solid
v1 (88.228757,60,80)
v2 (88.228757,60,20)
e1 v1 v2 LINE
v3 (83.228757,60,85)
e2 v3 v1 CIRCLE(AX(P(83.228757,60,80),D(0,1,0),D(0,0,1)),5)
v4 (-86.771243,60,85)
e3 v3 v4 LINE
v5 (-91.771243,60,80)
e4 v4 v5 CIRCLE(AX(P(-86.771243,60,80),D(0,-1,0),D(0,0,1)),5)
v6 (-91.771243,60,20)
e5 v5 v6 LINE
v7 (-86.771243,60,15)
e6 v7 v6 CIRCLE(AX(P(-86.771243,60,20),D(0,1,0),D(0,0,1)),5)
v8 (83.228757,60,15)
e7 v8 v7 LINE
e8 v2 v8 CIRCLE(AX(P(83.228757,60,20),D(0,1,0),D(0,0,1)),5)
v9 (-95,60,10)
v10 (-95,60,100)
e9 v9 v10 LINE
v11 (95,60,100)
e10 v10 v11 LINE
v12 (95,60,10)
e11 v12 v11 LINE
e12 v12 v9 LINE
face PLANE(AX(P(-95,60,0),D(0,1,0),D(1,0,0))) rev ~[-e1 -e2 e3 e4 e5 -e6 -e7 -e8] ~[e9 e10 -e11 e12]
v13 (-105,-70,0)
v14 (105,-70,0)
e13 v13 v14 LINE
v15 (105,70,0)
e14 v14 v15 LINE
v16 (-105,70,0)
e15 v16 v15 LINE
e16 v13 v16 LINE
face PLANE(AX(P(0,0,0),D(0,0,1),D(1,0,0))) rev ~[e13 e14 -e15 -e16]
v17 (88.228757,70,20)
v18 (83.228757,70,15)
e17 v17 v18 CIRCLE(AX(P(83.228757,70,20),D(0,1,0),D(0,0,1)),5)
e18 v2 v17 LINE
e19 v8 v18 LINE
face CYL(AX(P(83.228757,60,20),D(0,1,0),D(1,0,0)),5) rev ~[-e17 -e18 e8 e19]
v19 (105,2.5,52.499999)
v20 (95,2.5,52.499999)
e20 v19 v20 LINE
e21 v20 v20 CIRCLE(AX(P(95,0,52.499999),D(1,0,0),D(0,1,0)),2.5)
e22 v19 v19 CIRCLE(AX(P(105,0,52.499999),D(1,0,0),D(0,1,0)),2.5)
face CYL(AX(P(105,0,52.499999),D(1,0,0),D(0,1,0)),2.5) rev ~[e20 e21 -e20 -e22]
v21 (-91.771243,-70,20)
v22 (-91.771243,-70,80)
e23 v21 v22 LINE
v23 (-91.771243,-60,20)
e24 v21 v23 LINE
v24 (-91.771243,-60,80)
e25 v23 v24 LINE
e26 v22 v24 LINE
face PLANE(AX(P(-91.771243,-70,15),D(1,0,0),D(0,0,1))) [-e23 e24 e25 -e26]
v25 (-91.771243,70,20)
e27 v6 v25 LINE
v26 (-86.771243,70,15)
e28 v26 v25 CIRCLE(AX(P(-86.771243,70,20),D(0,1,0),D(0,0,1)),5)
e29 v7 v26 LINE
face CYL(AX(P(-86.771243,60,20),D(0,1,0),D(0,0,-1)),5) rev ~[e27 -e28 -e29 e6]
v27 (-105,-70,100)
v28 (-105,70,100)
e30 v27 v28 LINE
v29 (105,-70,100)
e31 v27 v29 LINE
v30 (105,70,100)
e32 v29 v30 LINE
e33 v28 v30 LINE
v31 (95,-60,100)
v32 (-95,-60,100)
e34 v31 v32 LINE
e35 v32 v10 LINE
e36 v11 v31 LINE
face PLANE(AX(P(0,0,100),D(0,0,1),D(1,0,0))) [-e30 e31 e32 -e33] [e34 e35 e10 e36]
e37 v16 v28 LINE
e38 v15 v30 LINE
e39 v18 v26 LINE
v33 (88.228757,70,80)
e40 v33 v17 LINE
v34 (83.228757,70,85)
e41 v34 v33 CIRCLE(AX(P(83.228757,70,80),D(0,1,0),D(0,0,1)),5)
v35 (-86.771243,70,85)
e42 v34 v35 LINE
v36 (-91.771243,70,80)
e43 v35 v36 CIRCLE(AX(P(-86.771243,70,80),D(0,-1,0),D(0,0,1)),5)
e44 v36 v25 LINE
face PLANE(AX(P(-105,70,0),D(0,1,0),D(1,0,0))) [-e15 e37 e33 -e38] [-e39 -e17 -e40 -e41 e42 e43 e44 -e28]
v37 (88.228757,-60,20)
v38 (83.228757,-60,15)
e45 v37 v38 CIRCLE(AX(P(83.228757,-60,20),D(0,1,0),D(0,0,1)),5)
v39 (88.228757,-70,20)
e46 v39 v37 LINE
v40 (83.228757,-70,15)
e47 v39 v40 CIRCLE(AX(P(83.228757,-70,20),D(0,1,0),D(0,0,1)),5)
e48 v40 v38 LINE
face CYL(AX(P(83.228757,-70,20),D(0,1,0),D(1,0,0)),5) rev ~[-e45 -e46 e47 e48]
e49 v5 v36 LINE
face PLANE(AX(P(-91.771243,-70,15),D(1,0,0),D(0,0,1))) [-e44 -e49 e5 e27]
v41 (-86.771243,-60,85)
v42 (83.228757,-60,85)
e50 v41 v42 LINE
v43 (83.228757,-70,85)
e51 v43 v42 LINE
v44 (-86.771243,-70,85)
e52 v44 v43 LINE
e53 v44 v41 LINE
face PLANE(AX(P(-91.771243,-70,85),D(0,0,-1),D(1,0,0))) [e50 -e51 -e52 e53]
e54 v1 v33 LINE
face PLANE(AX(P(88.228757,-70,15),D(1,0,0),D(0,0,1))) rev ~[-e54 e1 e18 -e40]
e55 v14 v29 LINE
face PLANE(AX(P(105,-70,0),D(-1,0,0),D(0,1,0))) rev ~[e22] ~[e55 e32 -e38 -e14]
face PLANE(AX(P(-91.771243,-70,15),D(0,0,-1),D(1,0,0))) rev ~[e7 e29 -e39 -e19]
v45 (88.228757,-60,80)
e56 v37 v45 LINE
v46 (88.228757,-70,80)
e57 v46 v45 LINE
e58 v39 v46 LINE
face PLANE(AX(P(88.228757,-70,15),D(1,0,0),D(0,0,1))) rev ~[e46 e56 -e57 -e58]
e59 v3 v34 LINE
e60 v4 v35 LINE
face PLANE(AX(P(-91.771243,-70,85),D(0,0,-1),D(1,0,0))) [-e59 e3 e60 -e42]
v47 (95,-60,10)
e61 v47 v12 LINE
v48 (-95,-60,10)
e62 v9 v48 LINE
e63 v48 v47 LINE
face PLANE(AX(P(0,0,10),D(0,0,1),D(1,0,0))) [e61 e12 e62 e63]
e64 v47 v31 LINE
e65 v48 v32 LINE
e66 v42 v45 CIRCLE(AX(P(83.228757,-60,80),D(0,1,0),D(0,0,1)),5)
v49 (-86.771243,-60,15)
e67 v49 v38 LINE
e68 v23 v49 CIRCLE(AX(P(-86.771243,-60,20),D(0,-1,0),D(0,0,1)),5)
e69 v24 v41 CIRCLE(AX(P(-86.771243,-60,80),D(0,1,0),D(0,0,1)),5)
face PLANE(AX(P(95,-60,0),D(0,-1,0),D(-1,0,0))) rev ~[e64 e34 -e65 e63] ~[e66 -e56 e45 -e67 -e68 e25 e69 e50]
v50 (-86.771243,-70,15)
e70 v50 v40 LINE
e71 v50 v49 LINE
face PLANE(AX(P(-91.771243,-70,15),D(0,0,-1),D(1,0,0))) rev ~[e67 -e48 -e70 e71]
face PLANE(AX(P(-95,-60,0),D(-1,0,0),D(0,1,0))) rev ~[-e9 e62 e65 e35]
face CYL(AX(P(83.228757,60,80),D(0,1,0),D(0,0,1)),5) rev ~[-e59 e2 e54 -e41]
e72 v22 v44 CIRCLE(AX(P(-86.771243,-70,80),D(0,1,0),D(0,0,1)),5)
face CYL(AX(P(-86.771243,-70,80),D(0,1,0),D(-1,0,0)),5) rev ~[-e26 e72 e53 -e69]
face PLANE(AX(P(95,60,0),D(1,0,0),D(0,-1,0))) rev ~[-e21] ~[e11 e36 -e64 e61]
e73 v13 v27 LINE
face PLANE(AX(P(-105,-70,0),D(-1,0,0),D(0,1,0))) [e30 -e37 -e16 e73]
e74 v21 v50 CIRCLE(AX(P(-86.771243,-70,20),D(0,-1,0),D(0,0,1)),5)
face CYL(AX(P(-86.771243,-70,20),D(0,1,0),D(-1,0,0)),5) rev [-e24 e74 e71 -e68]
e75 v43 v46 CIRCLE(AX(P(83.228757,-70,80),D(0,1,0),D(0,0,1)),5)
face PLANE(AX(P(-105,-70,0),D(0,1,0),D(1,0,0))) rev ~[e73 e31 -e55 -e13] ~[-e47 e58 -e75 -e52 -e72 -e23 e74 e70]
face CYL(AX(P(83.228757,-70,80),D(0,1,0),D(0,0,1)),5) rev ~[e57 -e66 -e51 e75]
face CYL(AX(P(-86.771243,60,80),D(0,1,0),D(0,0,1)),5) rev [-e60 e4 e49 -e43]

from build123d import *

# Parameters (mm, degrees)
F1_DEPTH = 10
F0_W     = 210
F0_H     = 140
F2_DEPTH = 100
F3_W     = 180
F3_H     = 70
F4_DEPTH = 202.553704
F5_R     = 2.5
F6_DEPTH = 10
F7_R     = 5


with BuildPart() as f1:
    # F0 (on Top) → F1 (new body)
    with BuildSketch(Plane.XY):
        Polygon((82.656699, -60), (95, -60), (95, 60), (82.656699, 60), (72.656699, 60), (-95, 60), (-95, -60), (72.656699, -60), align=None)
    extrude(amount=F1_DEPTH)

    # F0 (on Top) → F2 (join)
    with BuildSketch(Plane.XY):
        Rectangle(F0_W, F0_H)
        Polygon((95, 60), (95, -60), (82.656699, -60), (72.656699, -60), (-95, -60), (-95, 60), (72.656699, 60), (82.656699, 60), align=None, mode=Mode.SUBTRACT)
    extrude(amount=F2_DEPTH)

    # F3 (on face) → F4 (cut)
    with BuildSketch(Plane.XZ.offset(70)):
        with Locations((-1.771243, 50)):
            Rectangle(F3_W, F3_H)
    extrude(amount=-F4_DEPTH, mode=Mode.SUBTRACT)

    # F5 (on face) → F6 (cut)
    with BuildSketch(Plane.YZ.offset(105)):
        with Locations((0, 52.499999)):
            Circle(F5_R)
    extrude(amount=-F6_DEPTH, mode=Mode.SUBTRACT)

    # F7
    f7_edges = [f1.edges().sort_by_distance(p)[0] for p in [
        (-91.771243, -65, 15),
        (-91.771243, 65, 15),
        (-91.771243, -65, 85),
        (-91.771243, 65, 85),
        (88.228757, -65, 15),
        (88.228757, 65, 15),
        (88.228757, -65, 85),
        (88.228757, 65, 85),
    ]]
    fillet(f7_edges, radius=F7_R)


solid = f1.part
